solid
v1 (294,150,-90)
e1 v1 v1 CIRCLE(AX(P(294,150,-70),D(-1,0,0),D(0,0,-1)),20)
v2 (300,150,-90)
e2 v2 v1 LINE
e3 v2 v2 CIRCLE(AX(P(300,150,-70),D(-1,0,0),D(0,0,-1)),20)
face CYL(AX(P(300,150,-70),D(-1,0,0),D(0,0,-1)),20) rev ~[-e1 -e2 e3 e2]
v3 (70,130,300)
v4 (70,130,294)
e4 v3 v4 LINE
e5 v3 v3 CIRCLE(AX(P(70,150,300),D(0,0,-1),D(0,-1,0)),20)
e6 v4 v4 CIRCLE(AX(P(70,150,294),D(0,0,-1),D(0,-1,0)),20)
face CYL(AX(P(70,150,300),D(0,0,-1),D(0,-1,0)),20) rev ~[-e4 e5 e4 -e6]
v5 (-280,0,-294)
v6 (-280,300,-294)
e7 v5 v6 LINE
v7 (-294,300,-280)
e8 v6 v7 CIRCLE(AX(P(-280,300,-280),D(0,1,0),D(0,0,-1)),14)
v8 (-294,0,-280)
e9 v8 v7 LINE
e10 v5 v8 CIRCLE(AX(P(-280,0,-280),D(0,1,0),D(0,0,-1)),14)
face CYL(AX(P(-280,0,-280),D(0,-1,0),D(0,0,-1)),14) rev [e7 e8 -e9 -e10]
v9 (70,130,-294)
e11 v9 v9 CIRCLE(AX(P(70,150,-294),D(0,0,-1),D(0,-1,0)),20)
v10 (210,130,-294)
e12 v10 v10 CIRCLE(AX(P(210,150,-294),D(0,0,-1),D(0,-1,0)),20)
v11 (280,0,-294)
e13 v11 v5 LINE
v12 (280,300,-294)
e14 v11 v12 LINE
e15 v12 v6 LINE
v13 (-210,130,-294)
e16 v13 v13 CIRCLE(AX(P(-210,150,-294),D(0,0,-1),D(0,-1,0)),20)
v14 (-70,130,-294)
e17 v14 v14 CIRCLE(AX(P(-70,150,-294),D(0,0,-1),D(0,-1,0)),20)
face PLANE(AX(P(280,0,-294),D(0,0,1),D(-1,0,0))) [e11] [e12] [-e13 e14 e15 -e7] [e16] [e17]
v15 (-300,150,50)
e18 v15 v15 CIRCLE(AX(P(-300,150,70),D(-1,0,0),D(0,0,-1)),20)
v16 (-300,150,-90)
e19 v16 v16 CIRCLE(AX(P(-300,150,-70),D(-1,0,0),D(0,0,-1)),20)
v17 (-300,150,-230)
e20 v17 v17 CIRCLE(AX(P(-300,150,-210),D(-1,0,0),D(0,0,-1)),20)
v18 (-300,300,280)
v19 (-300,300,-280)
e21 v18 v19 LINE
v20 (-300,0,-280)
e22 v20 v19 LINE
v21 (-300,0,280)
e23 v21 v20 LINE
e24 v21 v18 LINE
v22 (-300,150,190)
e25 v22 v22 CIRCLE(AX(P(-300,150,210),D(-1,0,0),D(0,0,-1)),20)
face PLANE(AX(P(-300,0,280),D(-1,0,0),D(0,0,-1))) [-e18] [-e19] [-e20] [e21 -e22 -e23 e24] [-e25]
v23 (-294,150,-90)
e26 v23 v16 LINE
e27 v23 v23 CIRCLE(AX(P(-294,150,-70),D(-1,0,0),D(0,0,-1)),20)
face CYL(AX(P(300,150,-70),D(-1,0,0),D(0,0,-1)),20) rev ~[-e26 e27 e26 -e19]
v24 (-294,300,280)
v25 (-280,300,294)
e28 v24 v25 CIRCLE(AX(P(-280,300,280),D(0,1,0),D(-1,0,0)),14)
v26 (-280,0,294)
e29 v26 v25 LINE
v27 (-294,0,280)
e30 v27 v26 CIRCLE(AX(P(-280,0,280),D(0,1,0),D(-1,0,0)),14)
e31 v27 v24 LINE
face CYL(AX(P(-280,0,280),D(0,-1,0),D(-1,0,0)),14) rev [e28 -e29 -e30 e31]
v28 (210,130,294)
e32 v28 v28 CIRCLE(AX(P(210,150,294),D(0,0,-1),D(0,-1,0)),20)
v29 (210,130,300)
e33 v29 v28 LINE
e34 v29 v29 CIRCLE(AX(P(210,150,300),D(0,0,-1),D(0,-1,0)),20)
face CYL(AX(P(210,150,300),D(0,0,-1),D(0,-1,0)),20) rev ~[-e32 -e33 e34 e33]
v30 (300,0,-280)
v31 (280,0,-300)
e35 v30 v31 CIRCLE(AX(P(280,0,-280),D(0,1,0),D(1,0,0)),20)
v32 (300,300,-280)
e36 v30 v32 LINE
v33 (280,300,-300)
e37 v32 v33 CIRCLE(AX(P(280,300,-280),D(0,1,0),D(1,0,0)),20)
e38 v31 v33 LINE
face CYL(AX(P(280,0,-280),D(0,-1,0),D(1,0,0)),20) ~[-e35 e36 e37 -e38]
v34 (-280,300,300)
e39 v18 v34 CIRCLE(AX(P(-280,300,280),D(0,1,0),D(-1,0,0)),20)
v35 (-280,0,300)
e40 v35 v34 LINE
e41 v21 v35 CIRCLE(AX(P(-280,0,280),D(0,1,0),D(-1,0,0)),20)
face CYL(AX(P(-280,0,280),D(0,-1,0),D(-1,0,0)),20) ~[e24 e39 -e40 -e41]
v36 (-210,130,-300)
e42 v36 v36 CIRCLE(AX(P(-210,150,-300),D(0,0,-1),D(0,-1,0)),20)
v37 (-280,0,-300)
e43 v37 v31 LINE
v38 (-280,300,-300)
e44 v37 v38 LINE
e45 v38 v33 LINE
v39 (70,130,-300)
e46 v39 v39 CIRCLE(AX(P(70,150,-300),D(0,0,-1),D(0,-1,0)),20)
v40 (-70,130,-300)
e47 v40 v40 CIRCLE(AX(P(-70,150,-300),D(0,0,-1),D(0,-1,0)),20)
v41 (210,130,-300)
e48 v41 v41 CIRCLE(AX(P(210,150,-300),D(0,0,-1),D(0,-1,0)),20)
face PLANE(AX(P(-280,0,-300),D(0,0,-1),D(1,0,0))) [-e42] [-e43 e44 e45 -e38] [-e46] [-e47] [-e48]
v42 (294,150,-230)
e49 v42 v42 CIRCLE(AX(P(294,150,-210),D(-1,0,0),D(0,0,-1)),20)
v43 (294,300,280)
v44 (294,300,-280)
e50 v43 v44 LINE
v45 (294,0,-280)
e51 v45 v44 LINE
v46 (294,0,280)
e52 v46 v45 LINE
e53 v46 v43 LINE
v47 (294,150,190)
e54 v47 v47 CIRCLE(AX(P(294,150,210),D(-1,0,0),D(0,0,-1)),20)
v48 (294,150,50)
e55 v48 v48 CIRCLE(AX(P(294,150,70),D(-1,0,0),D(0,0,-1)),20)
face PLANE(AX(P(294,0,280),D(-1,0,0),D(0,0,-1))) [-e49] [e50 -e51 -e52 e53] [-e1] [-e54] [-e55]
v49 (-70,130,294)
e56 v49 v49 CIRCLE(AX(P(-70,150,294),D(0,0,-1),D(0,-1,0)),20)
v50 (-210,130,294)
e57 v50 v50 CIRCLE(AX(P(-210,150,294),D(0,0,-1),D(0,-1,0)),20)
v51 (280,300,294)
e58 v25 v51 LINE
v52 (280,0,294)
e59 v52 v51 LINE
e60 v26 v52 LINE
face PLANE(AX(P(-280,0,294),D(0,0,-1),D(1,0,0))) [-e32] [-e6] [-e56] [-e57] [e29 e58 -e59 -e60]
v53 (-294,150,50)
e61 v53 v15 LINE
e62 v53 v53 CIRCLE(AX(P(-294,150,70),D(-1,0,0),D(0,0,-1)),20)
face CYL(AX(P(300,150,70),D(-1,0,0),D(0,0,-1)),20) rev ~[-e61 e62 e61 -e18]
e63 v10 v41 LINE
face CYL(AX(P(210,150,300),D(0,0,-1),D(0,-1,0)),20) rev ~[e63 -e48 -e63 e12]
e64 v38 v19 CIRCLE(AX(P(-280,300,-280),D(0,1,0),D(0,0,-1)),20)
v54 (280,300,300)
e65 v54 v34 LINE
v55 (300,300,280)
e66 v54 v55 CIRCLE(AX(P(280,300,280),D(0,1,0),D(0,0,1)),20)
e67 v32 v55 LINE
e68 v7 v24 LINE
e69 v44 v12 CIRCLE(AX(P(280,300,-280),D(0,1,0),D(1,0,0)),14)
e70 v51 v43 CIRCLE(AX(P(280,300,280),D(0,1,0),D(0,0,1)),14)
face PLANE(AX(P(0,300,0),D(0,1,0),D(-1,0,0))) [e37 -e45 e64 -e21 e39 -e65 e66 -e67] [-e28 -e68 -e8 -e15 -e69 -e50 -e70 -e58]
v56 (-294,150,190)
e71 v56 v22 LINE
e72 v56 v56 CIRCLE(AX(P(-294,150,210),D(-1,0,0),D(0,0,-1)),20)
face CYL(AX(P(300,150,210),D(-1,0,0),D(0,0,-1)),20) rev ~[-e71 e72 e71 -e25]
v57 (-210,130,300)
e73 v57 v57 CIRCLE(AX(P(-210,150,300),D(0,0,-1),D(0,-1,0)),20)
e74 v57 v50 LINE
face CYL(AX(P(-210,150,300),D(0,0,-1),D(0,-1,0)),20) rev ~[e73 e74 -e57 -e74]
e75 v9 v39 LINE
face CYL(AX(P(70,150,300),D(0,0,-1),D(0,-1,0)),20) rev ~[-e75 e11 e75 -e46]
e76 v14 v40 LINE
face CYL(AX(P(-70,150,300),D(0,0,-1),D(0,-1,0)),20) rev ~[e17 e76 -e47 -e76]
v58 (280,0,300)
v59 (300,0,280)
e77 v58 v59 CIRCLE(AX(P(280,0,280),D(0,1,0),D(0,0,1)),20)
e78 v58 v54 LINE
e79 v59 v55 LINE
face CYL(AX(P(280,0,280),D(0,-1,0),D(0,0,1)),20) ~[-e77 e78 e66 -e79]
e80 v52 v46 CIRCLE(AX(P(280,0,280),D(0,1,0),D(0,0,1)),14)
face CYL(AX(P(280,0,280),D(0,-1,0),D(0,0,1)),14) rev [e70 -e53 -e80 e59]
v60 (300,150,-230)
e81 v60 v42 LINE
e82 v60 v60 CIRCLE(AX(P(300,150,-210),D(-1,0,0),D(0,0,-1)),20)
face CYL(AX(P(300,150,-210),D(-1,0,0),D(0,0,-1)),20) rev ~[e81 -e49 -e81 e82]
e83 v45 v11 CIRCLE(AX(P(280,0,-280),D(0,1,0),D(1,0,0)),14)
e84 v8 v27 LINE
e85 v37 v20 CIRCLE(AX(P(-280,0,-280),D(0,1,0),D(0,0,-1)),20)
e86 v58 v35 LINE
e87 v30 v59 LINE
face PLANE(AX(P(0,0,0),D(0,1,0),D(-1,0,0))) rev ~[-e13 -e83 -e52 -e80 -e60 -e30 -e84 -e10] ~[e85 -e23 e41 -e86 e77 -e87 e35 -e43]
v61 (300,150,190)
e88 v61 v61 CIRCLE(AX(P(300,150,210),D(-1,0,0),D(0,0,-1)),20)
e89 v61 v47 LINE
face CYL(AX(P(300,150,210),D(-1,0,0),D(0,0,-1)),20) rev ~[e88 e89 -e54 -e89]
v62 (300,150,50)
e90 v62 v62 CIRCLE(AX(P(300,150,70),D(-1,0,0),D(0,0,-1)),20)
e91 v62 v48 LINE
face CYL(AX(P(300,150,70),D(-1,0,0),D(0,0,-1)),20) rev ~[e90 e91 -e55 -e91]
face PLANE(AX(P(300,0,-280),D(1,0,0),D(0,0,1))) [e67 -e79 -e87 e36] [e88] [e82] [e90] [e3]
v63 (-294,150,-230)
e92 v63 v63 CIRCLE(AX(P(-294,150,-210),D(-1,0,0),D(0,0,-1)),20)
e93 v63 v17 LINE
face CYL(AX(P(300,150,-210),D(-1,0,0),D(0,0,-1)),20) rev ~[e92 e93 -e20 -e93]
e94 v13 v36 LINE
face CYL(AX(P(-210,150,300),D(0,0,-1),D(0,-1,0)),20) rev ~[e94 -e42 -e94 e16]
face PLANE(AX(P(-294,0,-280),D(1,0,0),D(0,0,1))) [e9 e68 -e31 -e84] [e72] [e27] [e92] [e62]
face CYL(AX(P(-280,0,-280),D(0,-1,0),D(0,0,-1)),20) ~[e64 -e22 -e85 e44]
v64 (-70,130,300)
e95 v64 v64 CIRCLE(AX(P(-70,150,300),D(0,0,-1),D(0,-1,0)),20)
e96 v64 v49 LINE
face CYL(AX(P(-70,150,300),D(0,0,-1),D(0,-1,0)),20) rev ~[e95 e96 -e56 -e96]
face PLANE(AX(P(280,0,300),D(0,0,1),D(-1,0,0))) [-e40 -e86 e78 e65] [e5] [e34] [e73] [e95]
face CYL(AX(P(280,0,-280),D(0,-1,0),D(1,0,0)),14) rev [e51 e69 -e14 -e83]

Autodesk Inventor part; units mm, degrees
ref_plane "YZ Plane" through (0, 0, 0) normal (1, 0, 0) x (0, 1, 0)
ref_plane "XZ Plane" through (0, 0, 0) normal (0, 1, 0) x (-1, 0, 0)
ref_plane "XY Plane" through (0, 0, 0) normal (0, 0, 1) x (1, 0, 0)
sketch "Sketch1" plane through (0, 0, 0) normal (0, 1, 0) x (-1, 0, 0)
  line L0 (-280, 300) -> (280, 300)
  line L1 (300, 280) -> (300, -280)
  line L2 (280, -300) -> (-280, -300)
  line L3 (-300, -280) -> (-300, 280)
  line L4 (-300, 300) -> (300, -300) construction
  line L5 (300, 300) -> (-300, -300) construction
  arc A0 (300, 280) -> (280, 300) centre (280, 280) ccw
  arc A1 (280, -300) -> (300, -280) centre (280, -280) ccw
  arc A2 (-300, -280) -> (-280, -300) centre (-280, -280) ccw
  arc A3 (-280, 300) -> (-300, 280) centre (-280, 280) ccw
  line L6 (280, 294) -> (-280, 294)
  arc A4 (-280, 294) -> (-294, 280) centre (-280, 280) ccw
  line L7 (-294, 280) -> (-294, -280)
  arc A5 (-294, -280) -> (-280, -294) centre (-280, -280) ccw
  line L8 (-280, -294) -> (280, -294)
  arc A6 (280, -294) -> (294, -280) centre (280, -280) ccw
  line L9 (294, -280) -> (294, 280)
  arc A7 (294, 280) -> (280, 294) centre (280, 280) ccw
  point P0 (0, 0)
  dimension "d0" = 600
  dimension "d1" = 600
  dimension "d2" = 20
  dimension "d3" = 6
extrude "Extrusion1" add sketch "Sketch1" along normal blind 300
sketch "Sketch2" plane through (300, 0, 280) normal (1, 0, 0) x (0, 0, -1)
  line L0 (0, 0) -> (0, 300) projected
  line L1 (0, 150) -> (560, 150) construction
  line L2 (560, 0) -> (560, 300) projected
  point P0 (280, 0)
  point P1 (70, 150)
  point P2 (210, 150)
  point P3 (350, 150)
  point P4 (490, 150)
  dimension "d6" = 70
  dimension "d7" = 140
  dimension "d8" = 140
  dimension "d9" = 140
hole "Hole1" at (300, 150, 210) at (300, 150, 70) at (300, 150, -70) at (300, 150, -210) direction (-1, 0, 0) diameter 40 end through all
sketch "Sketch3" plane through (-280, 0, 300) normal (0, 0, 1) x (1, 0, 0)
  line L0 (0, 0) -> (0, 300) projected
  line L1 (0, 150) -> (560, 150) construction
  line L2 (560, 0) -> (560, 300) projected
  point P0 (280, 0)
  point P1 (70, 150)
  point P2 (210, 150)
  point P3 (350, 150)
  point P4 (490, 150)
  dimension "d17" = 70
  dimension "d18" = 140
  dimension "d19" = 140
  dimension "d20" = 140
hole "Hole2" at (-210, 150, 300) at (-70, 150, 300) at (70, 150, 300) at (210, 150, 300) direction (0, 0, -1) diameter 40 end through all
properties part number "Stackbox-40mm"
